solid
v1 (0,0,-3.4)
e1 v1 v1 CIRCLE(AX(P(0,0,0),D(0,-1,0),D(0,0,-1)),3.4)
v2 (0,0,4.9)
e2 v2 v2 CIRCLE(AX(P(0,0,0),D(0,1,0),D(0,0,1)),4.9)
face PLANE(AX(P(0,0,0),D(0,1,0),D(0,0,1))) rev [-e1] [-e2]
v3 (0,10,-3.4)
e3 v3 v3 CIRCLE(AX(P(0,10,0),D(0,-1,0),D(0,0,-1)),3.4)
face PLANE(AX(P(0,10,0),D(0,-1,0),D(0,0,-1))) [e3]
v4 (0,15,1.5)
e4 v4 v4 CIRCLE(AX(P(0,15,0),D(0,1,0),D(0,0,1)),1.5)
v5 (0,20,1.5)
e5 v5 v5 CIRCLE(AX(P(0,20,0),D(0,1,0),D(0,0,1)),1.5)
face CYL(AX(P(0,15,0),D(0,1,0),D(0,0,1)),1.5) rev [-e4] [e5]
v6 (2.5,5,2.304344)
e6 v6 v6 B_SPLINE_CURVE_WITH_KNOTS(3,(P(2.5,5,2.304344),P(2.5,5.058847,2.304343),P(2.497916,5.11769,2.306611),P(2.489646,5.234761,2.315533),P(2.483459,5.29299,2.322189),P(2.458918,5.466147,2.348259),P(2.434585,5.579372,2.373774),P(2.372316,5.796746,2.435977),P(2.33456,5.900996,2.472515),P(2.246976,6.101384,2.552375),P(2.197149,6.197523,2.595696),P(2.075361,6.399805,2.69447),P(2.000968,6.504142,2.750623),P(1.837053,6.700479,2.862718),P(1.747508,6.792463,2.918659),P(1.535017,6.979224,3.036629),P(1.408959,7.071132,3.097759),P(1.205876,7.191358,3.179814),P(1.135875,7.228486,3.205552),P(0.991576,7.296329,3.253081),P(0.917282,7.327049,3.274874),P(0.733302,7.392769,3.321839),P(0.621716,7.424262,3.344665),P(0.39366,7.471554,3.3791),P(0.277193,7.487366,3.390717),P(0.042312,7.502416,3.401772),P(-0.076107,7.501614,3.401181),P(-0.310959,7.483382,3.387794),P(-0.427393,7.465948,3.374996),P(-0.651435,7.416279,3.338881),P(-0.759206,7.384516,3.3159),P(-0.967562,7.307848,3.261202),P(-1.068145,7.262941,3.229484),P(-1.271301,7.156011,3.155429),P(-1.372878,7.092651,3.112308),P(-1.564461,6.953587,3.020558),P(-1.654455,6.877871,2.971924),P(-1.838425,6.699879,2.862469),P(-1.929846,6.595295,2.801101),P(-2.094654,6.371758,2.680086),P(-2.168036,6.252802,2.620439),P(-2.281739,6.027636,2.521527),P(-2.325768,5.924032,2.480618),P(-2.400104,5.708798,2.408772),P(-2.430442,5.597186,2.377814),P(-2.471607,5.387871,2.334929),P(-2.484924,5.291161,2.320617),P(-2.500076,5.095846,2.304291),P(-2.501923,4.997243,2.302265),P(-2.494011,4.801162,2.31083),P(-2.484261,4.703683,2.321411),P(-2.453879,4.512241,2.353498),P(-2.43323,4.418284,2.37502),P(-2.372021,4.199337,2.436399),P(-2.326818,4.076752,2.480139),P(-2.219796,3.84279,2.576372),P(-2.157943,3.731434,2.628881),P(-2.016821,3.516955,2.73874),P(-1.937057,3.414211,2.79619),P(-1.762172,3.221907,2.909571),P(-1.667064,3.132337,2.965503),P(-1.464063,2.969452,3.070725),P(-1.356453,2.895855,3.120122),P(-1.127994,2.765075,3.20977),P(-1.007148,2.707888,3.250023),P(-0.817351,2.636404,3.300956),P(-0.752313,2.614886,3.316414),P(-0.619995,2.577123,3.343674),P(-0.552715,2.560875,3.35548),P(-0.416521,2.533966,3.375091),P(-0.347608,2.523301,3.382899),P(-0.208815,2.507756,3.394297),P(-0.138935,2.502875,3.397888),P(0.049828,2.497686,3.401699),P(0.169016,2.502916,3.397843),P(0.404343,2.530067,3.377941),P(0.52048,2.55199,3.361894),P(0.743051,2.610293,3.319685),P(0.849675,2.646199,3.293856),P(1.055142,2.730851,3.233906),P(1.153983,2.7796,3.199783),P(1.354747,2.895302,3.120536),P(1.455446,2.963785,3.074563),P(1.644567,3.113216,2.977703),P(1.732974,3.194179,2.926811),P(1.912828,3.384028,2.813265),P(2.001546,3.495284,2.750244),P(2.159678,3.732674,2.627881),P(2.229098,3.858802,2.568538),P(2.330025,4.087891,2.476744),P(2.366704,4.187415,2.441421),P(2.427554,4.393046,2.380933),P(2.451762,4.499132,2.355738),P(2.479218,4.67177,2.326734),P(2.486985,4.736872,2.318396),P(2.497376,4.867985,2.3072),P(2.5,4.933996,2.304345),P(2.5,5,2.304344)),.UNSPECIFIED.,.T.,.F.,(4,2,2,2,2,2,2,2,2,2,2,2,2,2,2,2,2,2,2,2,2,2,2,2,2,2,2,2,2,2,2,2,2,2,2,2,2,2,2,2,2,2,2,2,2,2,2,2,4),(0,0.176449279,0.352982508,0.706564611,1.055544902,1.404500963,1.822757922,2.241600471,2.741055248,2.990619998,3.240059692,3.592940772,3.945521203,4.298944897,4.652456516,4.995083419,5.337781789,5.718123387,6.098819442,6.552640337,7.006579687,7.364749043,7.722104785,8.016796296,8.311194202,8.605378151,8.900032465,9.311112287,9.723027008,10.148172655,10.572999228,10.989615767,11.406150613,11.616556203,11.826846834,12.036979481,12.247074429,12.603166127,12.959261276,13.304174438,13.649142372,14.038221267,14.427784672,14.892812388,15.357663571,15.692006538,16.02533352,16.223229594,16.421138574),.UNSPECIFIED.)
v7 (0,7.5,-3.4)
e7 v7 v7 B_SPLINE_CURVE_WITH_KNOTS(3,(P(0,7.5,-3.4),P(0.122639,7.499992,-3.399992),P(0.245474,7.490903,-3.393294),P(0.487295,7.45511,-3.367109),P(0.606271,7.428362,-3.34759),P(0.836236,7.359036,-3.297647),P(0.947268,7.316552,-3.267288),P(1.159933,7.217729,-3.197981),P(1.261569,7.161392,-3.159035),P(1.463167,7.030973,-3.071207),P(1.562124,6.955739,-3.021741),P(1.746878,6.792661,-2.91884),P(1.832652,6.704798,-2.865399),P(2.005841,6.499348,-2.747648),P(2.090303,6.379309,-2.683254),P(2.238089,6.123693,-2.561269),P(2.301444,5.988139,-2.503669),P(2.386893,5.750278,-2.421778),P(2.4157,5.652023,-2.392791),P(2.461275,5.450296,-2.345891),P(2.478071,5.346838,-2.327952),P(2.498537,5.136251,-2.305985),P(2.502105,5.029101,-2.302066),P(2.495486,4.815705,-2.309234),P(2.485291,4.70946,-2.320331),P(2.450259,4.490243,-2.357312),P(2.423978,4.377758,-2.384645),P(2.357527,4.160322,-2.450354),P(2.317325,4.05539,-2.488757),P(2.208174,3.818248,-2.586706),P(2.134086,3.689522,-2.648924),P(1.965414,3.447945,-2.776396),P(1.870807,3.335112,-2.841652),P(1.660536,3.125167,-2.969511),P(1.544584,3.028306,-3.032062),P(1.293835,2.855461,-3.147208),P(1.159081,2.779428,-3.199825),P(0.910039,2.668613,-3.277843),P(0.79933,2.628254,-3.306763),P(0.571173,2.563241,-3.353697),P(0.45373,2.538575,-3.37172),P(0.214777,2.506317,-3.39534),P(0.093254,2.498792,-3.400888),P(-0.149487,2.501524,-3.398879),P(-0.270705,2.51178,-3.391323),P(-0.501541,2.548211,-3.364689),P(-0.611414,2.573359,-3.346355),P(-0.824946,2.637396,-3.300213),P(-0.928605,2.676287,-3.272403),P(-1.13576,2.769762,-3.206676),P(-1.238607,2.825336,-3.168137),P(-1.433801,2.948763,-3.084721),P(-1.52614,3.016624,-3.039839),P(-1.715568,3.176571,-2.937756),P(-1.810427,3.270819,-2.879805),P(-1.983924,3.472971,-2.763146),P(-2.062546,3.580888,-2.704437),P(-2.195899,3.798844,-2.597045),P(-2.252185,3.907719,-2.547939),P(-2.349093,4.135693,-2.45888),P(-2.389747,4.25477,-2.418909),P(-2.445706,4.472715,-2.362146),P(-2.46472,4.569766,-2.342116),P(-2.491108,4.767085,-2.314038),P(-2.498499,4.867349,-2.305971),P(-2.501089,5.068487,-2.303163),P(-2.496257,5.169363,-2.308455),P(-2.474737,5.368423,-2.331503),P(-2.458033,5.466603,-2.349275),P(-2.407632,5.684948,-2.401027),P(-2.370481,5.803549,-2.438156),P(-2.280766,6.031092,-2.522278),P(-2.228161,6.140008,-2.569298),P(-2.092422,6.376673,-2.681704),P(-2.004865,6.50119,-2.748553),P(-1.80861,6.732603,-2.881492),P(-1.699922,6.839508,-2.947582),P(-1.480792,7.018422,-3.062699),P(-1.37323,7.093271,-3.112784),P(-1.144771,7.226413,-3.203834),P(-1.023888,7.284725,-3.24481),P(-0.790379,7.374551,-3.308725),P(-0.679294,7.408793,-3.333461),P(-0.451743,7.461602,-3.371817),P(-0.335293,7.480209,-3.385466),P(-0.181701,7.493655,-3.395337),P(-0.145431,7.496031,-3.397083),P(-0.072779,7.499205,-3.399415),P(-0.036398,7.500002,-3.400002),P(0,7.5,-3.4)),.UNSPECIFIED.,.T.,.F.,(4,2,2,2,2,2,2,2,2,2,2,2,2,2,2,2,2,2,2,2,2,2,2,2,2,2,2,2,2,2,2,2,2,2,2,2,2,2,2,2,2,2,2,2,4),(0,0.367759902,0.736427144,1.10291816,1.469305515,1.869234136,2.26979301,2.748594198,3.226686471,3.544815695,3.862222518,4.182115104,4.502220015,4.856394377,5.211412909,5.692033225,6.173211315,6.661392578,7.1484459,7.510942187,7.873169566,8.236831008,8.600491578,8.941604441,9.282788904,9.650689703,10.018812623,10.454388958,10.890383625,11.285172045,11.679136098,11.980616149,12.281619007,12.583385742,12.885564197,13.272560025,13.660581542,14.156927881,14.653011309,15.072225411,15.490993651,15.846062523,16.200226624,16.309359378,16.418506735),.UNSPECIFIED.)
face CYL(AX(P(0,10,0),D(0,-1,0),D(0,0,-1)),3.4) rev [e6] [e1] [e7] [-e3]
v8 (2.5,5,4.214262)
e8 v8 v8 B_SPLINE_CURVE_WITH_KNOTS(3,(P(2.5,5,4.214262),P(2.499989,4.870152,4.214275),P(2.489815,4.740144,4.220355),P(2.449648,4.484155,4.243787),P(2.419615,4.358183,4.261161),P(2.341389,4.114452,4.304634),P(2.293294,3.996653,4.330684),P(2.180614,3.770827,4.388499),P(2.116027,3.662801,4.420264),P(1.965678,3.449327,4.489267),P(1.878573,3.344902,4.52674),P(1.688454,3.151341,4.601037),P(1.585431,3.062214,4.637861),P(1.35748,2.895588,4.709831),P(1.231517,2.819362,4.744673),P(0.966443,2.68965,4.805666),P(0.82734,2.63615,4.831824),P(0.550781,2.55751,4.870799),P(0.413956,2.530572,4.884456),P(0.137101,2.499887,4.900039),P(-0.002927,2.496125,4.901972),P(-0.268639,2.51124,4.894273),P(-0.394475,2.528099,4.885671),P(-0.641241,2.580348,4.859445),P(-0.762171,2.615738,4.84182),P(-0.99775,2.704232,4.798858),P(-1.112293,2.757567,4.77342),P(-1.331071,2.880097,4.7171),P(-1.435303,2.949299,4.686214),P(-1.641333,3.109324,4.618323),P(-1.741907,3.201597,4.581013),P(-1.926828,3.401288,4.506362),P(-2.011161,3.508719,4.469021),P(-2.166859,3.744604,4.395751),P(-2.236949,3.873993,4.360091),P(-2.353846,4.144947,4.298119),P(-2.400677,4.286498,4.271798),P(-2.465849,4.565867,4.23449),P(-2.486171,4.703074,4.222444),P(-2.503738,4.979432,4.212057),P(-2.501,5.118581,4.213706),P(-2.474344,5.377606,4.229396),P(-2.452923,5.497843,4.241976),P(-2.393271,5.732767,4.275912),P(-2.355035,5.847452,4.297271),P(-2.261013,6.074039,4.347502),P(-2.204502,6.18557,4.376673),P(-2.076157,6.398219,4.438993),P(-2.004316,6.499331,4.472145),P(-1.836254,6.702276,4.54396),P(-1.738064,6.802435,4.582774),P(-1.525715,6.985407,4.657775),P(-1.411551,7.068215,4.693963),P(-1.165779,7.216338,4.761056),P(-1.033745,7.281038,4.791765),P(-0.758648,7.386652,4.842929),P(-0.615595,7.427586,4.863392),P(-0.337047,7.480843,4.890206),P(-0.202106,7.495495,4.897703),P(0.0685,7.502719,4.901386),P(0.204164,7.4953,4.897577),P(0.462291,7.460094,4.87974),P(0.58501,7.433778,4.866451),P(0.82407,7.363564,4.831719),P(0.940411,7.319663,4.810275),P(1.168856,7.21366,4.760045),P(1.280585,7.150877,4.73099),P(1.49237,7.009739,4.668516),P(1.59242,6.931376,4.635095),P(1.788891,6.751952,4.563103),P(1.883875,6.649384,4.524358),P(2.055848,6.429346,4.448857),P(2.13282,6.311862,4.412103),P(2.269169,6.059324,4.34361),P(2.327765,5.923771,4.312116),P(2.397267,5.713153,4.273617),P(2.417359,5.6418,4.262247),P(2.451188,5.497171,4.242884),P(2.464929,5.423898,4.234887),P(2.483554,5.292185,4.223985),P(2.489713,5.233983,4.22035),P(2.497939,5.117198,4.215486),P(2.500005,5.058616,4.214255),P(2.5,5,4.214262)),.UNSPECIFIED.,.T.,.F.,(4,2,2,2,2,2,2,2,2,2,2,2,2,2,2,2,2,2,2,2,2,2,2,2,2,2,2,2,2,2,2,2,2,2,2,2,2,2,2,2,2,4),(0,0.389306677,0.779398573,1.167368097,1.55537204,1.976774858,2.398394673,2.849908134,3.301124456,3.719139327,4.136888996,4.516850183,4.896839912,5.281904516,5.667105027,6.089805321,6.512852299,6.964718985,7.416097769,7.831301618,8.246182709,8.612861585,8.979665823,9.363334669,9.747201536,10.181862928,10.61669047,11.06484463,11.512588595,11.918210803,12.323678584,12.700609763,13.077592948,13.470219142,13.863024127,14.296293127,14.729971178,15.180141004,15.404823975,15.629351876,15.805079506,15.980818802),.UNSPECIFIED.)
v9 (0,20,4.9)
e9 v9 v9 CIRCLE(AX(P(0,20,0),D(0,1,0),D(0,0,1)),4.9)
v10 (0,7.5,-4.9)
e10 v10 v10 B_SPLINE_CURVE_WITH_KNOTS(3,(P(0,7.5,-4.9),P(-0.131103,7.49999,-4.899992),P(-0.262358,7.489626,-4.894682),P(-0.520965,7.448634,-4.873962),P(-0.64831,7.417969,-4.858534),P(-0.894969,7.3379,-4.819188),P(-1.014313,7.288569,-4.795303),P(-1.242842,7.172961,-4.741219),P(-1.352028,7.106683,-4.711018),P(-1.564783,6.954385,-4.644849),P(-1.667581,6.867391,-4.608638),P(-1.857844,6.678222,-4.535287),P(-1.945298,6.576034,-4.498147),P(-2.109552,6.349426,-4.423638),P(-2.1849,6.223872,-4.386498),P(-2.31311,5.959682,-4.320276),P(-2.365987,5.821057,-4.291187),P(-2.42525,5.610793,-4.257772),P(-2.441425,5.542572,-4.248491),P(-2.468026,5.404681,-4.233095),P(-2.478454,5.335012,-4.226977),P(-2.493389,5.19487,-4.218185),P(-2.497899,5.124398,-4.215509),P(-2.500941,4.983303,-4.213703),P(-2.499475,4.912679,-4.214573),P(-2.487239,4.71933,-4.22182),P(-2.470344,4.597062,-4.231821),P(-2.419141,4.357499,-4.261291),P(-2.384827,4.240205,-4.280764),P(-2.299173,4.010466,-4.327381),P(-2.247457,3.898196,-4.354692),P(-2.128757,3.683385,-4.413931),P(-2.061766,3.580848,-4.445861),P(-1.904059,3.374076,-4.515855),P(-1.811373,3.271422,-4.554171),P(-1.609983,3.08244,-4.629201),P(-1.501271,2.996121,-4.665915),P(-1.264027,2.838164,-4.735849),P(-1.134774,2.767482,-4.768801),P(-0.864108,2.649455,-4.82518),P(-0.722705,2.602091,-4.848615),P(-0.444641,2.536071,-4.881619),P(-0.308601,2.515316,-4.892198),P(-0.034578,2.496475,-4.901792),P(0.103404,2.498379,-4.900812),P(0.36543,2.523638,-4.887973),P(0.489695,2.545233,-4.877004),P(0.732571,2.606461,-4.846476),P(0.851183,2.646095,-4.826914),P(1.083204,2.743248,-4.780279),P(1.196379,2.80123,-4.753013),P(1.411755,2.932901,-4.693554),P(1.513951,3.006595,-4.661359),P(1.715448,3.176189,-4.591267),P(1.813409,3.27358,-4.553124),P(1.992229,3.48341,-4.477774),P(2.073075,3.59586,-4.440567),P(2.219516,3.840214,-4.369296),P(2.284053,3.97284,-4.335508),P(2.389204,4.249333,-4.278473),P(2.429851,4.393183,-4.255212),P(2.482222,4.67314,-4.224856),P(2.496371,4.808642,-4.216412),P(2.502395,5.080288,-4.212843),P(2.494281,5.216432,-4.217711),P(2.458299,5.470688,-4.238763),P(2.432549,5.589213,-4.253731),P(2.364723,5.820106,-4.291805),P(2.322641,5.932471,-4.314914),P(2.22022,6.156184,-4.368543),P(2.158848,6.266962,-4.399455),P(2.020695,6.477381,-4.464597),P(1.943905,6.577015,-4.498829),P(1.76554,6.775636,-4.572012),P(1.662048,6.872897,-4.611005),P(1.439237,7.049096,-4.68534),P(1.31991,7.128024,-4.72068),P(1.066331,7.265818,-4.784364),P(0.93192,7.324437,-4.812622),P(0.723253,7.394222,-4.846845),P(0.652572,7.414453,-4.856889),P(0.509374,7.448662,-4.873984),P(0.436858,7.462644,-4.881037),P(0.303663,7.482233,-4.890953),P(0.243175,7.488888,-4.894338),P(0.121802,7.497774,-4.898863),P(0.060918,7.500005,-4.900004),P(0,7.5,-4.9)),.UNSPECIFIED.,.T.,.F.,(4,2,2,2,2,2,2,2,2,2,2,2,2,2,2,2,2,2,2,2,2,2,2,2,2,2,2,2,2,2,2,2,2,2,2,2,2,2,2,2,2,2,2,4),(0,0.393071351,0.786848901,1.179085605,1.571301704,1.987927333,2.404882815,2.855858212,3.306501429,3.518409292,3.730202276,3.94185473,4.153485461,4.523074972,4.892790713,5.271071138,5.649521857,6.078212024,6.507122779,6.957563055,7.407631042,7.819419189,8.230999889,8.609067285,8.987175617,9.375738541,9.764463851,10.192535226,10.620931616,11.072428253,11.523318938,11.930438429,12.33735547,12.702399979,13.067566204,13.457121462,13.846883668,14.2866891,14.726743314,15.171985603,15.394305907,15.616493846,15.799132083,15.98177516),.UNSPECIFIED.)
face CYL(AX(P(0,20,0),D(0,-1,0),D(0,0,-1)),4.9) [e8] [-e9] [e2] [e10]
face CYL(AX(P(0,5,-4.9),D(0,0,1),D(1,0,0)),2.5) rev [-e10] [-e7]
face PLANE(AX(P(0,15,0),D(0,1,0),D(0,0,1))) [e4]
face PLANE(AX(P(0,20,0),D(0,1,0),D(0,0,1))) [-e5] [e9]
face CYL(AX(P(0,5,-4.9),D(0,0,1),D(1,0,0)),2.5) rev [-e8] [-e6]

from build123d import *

# Parameters (mm, degrees)
SKETCH1_R               = 4.9
BOSS_EXTRUDE1_DEPTH     = 20
SKETCH2_R               = 1.5
CUT_EXTRUDE1_DEPTH      = 5
SKETCH3_R               = 3.4
CUT_EXTRUDE2_DEPTH      = 10
SKETCH4_R               = 2.5
CUT_EXTRUDE3_DEPTH      = 5.9
CUT_EXTRUDE3_DEPTH_BACK = 5.9


with BuildPart() as part:
    # Sketch1 → Boss-Extrude1 (new body)
    with BuildSketch(Plane(origin=(0, 0, 0), x_dir=(1, 0, 0), z_dir=(0, 1, 0))):
        Circle(SKETCH1_R)
    extrude(amount=BOSS_EXTRUDE1_DEPTH)

    # Sketch2 → Cut-Extrude1 (cut)
    with BuildSketch(Plane(origin=(0, 20, 0), x_dir=(1, 0, 0), z_dir=(0, 1, 0))):
        Circle(SKETCH2_R)
    extrude(amount=-CUT_EXTRUDE1_DEPTH, mode=Mode.SUBTRACT)

    # Sketch3 → Cut-Extrude2 (cut)
    with BuildSketch(Plane.XZ):
        Circle(SKETCH3_R)
    extrude(amount=-CUT_EXTRUDE2_DEPTH, mode=Mode.SUBTRACT)

    # Sketch4 → Cut-Extrude3 (cut, two sides)
    with BuildSketch(Plane.XY) as cut_extrude3_sk:
        with Locations((0, 5)):
            Circle(SKETCH4_R)
    extrude(amount=CUT_EXTRUDE3_DEPTH, mode=Mode.SUBTRACT)
    extrude(cut_extrude3_sk.sketch, amount=-CUT_EXTRUDE3_DEPTH_BACK, mode=Mode.SUBTRACT)


solid = part.part
